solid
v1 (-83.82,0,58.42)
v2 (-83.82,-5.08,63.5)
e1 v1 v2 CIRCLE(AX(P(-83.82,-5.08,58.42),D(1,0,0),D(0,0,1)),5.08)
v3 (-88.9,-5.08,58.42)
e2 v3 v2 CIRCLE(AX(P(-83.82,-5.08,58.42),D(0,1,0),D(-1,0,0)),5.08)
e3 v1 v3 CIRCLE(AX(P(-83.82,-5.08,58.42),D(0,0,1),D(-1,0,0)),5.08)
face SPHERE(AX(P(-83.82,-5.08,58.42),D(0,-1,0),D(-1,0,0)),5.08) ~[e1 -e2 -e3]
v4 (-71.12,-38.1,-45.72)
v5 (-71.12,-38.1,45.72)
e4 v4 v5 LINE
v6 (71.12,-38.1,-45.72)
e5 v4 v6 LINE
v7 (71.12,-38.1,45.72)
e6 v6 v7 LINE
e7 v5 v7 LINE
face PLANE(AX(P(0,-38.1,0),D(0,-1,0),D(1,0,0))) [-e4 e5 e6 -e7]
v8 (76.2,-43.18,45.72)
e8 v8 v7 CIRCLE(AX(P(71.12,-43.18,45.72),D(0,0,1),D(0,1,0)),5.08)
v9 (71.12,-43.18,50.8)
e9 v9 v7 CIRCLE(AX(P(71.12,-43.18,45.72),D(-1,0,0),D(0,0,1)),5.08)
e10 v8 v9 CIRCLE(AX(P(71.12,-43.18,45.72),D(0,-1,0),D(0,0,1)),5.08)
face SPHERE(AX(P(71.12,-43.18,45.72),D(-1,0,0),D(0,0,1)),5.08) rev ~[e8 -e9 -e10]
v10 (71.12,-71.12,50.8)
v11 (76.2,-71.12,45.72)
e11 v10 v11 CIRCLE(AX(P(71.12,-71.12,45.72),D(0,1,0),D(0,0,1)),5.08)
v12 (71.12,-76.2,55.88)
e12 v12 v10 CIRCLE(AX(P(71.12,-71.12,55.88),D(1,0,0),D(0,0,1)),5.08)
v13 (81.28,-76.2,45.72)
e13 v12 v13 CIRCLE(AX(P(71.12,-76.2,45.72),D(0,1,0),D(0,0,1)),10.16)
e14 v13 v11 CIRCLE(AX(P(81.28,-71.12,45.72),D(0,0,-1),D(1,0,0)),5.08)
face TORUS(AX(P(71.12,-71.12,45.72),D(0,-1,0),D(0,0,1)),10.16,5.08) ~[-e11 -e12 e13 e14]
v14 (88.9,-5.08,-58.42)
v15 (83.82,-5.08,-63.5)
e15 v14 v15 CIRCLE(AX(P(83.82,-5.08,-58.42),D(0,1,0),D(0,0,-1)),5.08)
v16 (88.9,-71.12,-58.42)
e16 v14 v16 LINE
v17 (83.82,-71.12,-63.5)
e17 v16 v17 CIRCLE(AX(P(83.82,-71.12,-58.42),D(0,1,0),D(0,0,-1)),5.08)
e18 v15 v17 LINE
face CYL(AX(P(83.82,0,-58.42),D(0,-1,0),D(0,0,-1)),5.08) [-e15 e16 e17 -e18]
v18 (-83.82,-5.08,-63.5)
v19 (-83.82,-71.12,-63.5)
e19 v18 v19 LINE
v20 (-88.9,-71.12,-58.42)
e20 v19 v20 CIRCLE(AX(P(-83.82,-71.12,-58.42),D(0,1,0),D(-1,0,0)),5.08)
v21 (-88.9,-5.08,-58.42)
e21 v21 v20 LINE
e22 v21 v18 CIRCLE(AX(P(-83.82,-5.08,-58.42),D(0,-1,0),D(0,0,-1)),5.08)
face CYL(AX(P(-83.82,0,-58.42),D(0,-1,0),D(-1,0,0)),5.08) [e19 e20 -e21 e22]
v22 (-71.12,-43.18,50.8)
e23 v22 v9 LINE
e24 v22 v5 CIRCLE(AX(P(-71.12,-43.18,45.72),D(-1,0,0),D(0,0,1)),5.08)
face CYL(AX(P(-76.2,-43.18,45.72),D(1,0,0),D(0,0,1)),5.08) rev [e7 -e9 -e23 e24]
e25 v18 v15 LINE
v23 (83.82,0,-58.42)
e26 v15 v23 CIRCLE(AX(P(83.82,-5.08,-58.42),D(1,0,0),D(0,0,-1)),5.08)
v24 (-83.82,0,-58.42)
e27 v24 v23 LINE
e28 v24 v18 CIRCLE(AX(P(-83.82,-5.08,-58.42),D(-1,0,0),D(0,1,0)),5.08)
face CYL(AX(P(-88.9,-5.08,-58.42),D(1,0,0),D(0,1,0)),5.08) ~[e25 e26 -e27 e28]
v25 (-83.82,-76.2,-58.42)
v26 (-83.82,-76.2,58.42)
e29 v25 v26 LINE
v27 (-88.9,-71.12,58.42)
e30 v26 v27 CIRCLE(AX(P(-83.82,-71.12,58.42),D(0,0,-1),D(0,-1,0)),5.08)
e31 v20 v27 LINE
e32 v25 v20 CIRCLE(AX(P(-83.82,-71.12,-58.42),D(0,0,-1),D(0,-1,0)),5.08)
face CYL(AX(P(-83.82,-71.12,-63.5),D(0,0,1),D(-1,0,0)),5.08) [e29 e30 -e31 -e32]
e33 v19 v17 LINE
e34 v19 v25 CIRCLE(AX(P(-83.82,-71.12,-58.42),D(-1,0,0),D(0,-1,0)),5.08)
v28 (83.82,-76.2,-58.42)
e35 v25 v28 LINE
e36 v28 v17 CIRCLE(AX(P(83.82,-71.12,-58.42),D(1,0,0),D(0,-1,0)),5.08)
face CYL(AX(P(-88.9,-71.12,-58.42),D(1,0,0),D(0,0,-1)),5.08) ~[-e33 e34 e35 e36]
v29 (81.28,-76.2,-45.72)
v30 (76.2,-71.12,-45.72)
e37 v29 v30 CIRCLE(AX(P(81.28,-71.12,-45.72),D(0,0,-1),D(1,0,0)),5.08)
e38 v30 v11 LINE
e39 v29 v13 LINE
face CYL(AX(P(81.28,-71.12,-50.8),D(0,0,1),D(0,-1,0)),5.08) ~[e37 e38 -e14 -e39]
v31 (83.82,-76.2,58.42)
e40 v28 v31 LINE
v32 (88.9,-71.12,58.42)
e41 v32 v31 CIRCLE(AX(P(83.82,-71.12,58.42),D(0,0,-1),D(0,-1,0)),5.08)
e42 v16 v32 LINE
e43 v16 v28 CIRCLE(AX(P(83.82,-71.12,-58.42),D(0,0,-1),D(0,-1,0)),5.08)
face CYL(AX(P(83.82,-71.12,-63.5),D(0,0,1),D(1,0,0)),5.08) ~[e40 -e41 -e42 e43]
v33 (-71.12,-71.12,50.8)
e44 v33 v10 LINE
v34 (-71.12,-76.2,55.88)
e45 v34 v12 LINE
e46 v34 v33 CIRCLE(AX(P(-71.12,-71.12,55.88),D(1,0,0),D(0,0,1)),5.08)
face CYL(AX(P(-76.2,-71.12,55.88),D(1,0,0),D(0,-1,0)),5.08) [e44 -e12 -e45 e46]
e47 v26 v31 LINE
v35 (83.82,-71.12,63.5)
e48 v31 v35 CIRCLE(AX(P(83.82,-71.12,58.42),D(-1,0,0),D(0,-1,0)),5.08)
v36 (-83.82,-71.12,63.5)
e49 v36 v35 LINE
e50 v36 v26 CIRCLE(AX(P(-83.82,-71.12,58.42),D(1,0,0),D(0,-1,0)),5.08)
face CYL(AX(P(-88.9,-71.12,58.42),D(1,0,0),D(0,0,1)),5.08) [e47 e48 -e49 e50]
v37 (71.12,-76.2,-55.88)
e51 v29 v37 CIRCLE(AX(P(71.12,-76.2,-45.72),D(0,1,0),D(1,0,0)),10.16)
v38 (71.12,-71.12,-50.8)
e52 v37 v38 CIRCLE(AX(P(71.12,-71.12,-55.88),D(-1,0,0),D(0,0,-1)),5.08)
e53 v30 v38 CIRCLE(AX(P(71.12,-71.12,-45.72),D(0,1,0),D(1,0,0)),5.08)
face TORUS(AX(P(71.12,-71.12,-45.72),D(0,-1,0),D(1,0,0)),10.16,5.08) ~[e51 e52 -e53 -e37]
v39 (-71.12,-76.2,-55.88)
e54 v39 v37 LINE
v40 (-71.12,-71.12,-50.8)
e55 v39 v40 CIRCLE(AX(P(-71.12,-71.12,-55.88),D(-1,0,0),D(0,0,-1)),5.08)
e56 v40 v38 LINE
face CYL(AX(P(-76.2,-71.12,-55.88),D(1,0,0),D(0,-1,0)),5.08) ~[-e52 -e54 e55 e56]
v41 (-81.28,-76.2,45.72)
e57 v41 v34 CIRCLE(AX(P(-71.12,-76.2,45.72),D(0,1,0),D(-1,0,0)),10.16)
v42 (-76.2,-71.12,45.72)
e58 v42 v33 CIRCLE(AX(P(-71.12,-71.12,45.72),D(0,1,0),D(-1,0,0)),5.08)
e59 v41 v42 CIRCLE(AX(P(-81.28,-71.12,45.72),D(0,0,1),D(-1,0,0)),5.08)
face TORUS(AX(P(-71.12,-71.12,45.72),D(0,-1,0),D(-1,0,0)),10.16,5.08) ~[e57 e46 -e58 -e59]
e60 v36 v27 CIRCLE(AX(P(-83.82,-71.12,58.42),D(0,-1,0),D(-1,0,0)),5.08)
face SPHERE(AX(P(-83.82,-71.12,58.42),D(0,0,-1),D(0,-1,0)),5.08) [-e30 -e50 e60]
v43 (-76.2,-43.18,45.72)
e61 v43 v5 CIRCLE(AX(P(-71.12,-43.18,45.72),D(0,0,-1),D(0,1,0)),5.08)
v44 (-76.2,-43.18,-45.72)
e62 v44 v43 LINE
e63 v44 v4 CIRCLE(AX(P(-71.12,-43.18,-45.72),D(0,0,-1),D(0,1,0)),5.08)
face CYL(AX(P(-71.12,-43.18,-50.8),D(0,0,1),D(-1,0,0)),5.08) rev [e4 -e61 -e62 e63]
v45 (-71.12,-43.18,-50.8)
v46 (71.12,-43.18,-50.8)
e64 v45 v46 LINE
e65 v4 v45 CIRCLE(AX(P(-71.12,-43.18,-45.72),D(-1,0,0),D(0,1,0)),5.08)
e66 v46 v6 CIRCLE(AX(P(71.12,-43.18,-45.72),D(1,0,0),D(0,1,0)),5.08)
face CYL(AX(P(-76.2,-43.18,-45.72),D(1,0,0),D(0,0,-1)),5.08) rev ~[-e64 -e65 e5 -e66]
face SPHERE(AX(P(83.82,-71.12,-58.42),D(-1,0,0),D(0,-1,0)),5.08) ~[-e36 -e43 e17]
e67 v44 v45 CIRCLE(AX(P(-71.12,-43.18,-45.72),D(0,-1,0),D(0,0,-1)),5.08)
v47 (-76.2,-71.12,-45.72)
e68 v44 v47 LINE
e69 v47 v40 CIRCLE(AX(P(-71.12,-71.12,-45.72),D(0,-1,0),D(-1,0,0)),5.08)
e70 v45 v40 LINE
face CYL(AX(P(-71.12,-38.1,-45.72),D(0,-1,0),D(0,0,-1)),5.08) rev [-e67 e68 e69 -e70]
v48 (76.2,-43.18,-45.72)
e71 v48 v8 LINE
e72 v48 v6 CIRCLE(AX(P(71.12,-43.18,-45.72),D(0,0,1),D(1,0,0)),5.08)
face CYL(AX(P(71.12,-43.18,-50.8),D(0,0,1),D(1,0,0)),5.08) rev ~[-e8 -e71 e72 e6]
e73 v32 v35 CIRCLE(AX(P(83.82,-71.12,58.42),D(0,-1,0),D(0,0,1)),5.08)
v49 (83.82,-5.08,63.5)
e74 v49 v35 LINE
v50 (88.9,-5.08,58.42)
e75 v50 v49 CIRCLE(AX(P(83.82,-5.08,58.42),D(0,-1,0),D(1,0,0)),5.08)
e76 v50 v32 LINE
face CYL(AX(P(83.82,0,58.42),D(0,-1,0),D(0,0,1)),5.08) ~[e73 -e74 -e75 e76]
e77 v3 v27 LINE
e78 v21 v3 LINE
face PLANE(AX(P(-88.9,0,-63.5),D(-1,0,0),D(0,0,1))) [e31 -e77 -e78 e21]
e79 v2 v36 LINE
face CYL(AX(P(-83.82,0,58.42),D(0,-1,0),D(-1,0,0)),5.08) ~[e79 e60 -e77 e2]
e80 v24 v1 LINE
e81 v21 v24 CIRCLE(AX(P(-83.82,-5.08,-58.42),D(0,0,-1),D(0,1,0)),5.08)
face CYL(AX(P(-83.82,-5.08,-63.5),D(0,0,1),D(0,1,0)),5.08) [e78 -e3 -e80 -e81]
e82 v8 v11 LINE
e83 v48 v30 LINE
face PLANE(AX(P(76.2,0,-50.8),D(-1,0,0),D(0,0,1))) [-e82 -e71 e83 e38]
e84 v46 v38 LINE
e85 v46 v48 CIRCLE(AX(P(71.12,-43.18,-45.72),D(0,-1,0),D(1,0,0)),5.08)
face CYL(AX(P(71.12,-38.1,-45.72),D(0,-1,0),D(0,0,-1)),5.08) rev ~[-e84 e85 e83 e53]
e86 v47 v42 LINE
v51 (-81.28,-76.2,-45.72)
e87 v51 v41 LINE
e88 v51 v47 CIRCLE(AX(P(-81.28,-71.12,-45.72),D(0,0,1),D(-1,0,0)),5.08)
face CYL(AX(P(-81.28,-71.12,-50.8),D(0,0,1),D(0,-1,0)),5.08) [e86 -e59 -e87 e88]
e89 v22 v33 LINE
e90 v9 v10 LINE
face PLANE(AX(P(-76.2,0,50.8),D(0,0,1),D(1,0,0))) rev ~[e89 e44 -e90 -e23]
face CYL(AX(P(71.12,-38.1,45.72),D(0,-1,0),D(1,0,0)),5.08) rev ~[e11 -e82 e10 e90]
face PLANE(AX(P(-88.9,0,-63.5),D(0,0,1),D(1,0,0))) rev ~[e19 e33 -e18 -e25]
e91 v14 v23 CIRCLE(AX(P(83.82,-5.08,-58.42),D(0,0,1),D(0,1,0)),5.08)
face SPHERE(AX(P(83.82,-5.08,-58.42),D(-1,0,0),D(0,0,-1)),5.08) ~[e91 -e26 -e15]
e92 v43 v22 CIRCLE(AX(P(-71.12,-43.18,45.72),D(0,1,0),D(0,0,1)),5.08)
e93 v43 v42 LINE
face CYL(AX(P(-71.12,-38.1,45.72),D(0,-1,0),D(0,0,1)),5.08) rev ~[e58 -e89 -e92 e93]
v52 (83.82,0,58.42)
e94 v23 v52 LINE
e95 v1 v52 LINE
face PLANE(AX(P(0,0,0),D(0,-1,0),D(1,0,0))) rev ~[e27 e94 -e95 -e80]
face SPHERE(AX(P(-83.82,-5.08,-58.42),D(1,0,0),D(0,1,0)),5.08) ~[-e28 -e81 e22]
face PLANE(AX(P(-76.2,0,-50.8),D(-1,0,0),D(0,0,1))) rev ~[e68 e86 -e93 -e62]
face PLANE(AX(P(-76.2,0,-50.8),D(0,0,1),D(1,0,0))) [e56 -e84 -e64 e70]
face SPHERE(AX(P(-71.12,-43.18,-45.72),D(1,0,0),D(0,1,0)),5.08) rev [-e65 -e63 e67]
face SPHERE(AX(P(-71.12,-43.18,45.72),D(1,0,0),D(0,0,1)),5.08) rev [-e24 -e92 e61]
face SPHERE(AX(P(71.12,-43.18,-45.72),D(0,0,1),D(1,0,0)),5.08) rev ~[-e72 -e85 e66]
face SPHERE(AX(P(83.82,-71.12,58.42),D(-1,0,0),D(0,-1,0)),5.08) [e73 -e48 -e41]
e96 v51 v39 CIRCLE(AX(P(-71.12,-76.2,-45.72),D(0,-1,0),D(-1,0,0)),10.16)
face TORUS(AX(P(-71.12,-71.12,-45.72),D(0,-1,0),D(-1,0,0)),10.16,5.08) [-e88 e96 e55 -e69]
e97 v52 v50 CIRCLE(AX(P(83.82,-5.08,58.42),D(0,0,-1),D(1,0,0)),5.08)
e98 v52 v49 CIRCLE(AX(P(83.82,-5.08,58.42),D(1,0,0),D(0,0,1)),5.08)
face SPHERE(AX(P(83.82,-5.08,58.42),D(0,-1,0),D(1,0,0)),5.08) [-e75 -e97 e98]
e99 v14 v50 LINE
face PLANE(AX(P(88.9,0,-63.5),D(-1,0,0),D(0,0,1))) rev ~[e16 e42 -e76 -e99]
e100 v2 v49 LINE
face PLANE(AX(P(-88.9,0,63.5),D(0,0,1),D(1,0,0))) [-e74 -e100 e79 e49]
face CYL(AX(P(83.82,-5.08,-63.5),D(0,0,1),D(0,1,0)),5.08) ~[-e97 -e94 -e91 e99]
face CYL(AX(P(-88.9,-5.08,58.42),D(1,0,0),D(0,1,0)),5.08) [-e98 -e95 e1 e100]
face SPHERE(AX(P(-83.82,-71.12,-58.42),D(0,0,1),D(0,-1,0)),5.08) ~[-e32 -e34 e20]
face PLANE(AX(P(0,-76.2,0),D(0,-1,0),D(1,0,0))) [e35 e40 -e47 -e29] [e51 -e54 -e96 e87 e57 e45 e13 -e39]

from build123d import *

# Parameters (mm, degrees)
F0_W     = 177.8
F0_H     = 127
F0_W_2   = 152.4
F0_H_2   = 101.6
F1_DEPTH = 76.2
F2_DEPTH = 38.1
F3_R     = 5.08


with BuildPart() as f1:
    # F0 (on Front) → F1 (new body)
    with BuildSketch(Plane.XZ):
        Rectangle(F0_W, F0_H)
        Rectangle(F0_W_2, F0_H_2, mode=Mode.SUBTRACT)
    extrude(amount=F1_DEPTH)

    # F0 (on Front) → F2 (join)
    with BuildSketch(Plane.XZ):
        Rectangle(F0_W_2, F0_H_2)
    extrude(amount=F2_DEPTH)

    # F3
    f3_edges = [f1.edges().sort_by_distance(p)[0] for p in [
        (-88.9, -76.2, 0),
        (0, -76.2, 63.5),
        (0, -76.2, -63.5),
        (88.9, -76.2, 0),
        (-76.2, -76.2, 0),
        (0, -76.2, 50.8),
        (76.2, -76.2, 0),
        (0, -76.2, -50.8),
        (0, -38.1, 50.8),
        (76.2, -57.15, 50.8),
        (76.2, -38.1, 0),
        (76.2, -57.15, -50.8),
        (0, -38.1, -50.8),
        (-76.2, -57.15, 50.8),
        (-76.2, -38.1, 0),
        (-76.2, -57.15, -50.8),
        (-88.9, -38.1, 63.5),
        (0, 0, -63.5),
        (-88.9, 0, 0),
        (-88.9, -38.1, -63.5),
        (88.9, -38.1, -63.5),
        (88.9, -38.1, 63.5),
        (88.9, 0, 0),
        (0, 0, 63.5),
    ]]
    fillet(f3_edges, radius=F3_R)


solid = f1.part
